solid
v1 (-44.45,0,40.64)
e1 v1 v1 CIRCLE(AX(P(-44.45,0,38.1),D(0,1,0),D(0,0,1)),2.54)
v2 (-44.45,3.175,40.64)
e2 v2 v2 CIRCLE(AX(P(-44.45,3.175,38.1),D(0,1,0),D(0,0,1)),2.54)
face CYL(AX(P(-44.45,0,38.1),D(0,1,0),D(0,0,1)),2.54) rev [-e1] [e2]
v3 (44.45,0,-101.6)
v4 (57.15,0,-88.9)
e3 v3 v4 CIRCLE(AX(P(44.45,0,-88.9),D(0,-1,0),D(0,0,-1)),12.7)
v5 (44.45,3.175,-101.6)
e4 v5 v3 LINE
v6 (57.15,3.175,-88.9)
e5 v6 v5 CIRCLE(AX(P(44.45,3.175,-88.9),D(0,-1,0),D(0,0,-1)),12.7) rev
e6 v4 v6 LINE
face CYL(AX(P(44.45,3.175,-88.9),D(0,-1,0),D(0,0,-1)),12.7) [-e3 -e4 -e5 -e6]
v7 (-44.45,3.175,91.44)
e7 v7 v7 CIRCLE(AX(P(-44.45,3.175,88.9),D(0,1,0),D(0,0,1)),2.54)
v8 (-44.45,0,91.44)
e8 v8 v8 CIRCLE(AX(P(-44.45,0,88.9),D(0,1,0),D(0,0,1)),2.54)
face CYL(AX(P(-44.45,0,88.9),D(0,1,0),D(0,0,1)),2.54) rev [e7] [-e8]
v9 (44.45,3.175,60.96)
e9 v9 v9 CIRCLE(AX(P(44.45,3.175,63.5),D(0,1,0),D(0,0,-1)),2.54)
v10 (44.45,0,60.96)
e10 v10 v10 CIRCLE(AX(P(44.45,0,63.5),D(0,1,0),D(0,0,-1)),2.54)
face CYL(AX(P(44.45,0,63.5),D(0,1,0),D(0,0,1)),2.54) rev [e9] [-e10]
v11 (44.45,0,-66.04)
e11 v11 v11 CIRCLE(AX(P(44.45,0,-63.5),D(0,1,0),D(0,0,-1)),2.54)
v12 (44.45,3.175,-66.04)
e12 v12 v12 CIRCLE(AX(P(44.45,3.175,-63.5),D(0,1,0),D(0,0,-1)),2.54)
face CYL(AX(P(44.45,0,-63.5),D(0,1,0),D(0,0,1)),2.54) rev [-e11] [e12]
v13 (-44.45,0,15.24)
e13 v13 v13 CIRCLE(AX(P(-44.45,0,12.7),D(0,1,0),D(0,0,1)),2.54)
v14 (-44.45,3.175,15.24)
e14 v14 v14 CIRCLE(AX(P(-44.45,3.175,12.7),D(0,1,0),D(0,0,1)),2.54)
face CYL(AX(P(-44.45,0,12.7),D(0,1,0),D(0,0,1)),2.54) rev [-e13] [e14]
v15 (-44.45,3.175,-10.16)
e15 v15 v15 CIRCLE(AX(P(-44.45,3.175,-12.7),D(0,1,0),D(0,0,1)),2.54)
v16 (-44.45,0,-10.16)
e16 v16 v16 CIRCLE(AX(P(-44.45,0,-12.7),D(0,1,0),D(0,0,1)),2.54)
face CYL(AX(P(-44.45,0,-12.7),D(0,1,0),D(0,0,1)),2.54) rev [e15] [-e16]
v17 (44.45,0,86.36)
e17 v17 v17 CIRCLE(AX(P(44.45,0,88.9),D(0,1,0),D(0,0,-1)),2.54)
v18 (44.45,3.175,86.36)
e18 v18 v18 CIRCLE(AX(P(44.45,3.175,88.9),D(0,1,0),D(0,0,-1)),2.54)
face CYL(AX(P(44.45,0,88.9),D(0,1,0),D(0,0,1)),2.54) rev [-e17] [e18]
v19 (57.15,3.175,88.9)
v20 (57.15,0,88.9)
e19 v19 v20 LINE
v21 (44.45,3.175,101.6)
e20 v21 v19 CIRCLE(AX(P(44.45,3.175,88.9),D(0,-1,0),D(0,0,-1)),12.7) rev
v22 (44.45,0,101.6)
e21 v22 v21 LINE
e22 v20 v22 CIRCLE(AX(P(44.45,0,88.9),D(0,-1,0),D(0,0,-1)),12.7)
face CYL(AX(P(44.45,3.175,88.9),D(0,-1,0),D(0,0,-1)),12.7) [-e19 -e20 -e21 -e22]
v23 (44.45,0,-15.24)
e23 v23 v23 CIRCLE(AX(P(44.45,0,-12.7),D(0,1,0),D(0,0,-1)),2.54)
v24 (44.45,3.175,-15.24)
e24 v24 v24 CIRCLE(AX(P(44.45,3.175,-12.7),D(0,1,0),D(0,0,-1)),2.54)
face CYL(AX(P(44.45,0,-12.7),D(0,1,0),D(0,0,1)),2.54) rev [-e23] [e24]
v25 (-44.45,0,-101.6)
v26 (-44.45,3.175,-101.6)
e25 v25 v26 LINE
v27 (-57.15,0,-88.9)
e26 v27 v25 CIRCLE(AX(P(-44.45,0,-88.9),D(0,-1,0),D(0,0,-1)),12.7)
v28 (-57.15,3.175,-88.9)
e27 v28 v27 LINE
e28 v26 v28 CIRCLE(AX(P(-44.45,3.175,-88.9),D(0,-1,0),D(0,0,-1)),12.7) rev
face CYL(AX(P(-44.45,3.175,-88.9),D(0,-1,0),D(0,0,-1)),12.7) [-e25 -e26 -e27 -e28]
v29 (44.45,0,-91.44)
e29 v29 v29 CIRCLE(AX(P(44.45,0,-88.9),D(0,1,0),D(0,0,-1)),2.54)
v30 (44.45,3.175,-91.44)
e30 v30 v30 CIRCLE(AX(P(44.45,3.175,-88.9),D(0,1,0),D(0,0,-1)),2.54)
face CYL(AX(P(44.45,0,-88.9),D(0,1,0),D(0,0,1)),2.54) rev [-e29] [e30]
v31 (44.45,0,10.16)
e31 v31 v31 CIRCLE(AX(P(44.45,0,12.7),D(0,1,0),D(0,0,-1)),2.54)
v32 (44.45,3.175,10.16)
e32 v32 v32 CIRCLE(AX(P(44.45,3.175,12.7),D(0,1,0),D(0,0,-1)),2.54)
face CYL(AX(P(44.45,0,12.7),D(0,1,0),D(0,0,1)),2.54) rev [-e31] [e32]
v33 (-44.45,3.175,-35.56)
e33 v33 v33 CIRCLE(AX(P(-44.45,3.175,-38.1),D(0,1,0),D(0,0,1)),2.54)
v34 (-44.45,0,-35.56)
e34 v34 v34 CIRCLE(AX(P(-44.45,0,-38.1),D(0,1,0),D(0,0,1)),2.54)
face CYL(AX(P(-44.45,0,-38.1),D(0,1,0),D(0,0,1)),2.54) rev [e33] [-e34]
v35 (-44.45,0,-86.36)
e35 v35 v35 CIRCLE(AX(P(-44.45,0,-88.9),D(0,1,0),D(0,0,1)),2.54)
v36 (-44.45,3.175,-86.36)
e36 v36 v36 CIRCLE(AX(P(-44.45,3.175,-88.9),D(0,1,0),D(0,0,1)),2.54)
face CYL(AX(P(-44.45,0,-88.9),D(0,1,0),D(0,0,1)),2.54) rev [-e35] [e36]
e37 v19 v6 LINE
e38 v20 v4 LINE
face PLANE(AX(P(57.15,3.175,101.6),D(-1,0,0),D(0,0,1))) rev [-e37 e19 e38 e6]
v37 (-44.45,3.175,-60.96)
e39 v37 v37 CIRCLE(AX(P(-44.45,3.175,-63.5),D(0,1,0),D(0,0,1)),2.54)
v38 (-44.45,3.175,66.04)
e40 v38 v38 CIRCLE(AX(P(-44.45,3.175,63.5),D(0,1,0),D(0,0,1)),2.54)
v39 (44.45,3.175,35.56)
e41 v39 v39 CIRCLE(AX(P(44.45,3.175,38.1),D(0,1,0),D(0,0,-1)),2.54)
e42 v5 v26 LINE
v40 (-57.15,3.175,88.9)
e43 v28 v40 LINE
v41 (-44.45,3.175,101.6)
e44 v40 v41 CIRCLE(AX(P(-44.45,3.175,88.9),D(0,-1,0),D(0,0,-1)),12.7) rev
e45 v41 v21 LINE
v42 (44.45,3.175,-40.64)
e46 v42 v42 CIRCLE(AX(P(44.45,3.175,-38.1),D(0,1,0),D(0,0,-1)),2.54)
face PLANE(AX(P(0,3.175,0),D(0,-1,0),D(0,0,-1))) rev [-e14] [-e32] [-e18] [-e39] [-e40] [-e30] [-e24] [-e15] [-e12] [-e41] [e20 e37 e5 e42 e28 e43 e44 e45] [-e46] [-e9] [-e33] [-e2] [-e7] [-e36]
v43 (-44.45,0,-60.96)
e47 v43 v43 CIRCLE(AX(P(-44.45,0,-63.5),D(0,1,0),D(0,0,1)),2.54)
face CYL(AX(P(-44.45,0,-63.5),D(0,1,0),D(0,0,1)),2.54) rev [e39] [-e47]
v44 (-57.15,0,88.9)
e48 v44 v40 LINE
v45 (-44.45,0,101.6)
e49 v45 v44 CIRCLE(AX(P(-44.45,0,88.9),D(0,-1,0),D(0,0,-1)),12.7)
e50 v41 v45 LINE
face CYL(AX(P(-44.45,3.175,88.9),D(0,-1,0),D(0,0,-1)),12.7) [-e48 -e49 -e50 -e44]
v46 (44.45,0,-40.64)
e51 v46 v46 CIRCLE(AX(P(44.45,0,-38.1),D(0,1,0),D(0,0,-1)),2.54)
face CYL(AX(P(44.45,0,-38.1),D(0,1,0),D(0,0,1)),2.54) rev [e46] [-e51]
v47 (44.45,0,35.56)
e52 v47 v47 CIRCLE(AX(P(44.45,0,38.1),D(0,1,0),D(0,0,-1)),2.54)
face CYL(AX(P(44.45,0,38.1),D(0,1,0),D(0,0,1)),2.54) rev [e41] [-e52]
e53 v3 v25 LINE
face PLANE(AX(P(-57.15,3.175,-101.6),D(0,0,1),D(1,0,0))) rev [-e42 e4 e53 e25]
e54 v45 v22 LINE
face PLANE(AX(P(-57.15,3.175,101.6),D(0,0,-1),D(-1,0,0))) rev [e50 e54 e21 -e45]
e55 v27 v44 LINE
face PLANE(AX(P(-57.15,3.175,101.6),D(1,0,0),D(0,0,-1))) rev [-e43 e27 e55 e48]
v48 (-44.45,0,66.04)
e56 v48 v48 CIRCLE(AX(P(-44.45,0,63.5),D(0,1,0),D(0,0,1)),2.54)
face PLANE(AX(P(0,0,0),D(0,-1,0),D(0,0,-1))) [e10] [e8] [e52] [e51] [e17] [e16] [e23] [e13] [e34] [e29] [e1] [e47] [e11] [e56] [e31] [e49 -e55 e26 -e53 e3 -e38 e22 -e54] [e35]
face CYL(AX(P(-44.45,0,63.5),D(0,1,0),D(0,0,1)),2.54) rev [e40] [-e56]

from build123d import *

# Parameters (mm, degrees)
SKETCH1_W           = 114.3
SKETCH1_H           = 203.2
BOSS_EXTRUDE1_DEPTH = 3.175
SKETCH2_R           = 2.54
CUT_EXTRUDE1_DEPTH  = 3.175
FILLET1_R           = 12.7


with BuildPart() as part:
    # Sketch1 → Boss-Extrude1 (new body)
    with BuildSketch(Plane(origin=(0, 0, 0), x_dir=(1, 0, 0), z_dir=(0, 1, 0))):
        Rectangle(SKETCH1_W, SKETCH1_H)
    extrude(amount=BOSS_EXTRUDE1_DEPTH)

    # Sketch2 → Cut-Extrude1 (cut)
    with BuildSketch(Plane(origin=(0, 3.175, 0), x_dir=(1, 0, 0), z_dir=(0, 1, 0))):
        with Locations(Location((-44.45, 88.9, 0), (0, 0, 270))):
            Circle(SKETCH2_R)
        with Locations(Location((-44.45, 63.5, 0), (0, 0, 270))):
            Circle(SKETCH2_R)
        with Locations(Location((-44.45, 38.1, 0), (0, 0, 270))):
            Circle(SKETCH2_R)
        with Locations(Location((-44.45, 12.7, 0), (0, 0, 270))):
            Circle(SKETCH2_R)
        with Locations(Location((-44.45, -12.7, 0), (0, 0, 270))):
            Circle(SKETCH2_R)
        with Locations(Location((-44.45, -38.1, 0), (0, 0, 270))):
            Circle(SKETCH2_R)
        with Locations(Location((-44.45, -63.5, 0), (0, 0, 270))):
            Circle(SKETCH2_R)
        with Locations(Location((-44.45, -88.9, 0), (0, 0, 270))):
            Circle(SKETCH2_R)
        with Locations(Location((44.45, -88.9, 0), (0, 0, 90))):
            Circle(SKETCH2_R)
        with Locations(Location((44.45, -63.5, 0), (0, 0, 90))):
            Circle(SKETCH2_R)
        with Locations(Location((44.45, -38.1, 0), (0, 0, 90))):
            Circle(SKETCH2_R)
        with Locations(Location((44.45, -12.7, 0), (0, 0, 90))):
            Circle(SKETCH2_R)
        with Locations(Location((44.45, 12.7, 0), (0, 0, 90))):
            Circle(SKETCH2_R)
        with Locations(Location((44.45, 38.1, 0), (0, 0, 90))):
            Circle(SKETCH2_R)
        with Locations(Location((44.45, 63.5, 0), (0, 0, 90))):
            Circle(SKETCH2_R)
        with Locations(Location((44.45, 88.9, 0), (0, 0, 90))):
            Circle(SKETCH2_R)
    extrude(amount=-CUT_EXTRUDE1_DEPTH, mode=Mode.SUBTRACT)

    # Fillet1
    fillet1_edges = [part.edges().sort_by_distance(p)[0] for p in [
        (57.15, 1.5875, 101.6),
        (-57.15, 1.5875, 101.6),
        (-57.15, 1.5875, -101.6),
        (57.15, 1.5875, -101.6),
    ]]
    fillet(fillet1_edges, radius=FILLET1_R)


solid = part.part
